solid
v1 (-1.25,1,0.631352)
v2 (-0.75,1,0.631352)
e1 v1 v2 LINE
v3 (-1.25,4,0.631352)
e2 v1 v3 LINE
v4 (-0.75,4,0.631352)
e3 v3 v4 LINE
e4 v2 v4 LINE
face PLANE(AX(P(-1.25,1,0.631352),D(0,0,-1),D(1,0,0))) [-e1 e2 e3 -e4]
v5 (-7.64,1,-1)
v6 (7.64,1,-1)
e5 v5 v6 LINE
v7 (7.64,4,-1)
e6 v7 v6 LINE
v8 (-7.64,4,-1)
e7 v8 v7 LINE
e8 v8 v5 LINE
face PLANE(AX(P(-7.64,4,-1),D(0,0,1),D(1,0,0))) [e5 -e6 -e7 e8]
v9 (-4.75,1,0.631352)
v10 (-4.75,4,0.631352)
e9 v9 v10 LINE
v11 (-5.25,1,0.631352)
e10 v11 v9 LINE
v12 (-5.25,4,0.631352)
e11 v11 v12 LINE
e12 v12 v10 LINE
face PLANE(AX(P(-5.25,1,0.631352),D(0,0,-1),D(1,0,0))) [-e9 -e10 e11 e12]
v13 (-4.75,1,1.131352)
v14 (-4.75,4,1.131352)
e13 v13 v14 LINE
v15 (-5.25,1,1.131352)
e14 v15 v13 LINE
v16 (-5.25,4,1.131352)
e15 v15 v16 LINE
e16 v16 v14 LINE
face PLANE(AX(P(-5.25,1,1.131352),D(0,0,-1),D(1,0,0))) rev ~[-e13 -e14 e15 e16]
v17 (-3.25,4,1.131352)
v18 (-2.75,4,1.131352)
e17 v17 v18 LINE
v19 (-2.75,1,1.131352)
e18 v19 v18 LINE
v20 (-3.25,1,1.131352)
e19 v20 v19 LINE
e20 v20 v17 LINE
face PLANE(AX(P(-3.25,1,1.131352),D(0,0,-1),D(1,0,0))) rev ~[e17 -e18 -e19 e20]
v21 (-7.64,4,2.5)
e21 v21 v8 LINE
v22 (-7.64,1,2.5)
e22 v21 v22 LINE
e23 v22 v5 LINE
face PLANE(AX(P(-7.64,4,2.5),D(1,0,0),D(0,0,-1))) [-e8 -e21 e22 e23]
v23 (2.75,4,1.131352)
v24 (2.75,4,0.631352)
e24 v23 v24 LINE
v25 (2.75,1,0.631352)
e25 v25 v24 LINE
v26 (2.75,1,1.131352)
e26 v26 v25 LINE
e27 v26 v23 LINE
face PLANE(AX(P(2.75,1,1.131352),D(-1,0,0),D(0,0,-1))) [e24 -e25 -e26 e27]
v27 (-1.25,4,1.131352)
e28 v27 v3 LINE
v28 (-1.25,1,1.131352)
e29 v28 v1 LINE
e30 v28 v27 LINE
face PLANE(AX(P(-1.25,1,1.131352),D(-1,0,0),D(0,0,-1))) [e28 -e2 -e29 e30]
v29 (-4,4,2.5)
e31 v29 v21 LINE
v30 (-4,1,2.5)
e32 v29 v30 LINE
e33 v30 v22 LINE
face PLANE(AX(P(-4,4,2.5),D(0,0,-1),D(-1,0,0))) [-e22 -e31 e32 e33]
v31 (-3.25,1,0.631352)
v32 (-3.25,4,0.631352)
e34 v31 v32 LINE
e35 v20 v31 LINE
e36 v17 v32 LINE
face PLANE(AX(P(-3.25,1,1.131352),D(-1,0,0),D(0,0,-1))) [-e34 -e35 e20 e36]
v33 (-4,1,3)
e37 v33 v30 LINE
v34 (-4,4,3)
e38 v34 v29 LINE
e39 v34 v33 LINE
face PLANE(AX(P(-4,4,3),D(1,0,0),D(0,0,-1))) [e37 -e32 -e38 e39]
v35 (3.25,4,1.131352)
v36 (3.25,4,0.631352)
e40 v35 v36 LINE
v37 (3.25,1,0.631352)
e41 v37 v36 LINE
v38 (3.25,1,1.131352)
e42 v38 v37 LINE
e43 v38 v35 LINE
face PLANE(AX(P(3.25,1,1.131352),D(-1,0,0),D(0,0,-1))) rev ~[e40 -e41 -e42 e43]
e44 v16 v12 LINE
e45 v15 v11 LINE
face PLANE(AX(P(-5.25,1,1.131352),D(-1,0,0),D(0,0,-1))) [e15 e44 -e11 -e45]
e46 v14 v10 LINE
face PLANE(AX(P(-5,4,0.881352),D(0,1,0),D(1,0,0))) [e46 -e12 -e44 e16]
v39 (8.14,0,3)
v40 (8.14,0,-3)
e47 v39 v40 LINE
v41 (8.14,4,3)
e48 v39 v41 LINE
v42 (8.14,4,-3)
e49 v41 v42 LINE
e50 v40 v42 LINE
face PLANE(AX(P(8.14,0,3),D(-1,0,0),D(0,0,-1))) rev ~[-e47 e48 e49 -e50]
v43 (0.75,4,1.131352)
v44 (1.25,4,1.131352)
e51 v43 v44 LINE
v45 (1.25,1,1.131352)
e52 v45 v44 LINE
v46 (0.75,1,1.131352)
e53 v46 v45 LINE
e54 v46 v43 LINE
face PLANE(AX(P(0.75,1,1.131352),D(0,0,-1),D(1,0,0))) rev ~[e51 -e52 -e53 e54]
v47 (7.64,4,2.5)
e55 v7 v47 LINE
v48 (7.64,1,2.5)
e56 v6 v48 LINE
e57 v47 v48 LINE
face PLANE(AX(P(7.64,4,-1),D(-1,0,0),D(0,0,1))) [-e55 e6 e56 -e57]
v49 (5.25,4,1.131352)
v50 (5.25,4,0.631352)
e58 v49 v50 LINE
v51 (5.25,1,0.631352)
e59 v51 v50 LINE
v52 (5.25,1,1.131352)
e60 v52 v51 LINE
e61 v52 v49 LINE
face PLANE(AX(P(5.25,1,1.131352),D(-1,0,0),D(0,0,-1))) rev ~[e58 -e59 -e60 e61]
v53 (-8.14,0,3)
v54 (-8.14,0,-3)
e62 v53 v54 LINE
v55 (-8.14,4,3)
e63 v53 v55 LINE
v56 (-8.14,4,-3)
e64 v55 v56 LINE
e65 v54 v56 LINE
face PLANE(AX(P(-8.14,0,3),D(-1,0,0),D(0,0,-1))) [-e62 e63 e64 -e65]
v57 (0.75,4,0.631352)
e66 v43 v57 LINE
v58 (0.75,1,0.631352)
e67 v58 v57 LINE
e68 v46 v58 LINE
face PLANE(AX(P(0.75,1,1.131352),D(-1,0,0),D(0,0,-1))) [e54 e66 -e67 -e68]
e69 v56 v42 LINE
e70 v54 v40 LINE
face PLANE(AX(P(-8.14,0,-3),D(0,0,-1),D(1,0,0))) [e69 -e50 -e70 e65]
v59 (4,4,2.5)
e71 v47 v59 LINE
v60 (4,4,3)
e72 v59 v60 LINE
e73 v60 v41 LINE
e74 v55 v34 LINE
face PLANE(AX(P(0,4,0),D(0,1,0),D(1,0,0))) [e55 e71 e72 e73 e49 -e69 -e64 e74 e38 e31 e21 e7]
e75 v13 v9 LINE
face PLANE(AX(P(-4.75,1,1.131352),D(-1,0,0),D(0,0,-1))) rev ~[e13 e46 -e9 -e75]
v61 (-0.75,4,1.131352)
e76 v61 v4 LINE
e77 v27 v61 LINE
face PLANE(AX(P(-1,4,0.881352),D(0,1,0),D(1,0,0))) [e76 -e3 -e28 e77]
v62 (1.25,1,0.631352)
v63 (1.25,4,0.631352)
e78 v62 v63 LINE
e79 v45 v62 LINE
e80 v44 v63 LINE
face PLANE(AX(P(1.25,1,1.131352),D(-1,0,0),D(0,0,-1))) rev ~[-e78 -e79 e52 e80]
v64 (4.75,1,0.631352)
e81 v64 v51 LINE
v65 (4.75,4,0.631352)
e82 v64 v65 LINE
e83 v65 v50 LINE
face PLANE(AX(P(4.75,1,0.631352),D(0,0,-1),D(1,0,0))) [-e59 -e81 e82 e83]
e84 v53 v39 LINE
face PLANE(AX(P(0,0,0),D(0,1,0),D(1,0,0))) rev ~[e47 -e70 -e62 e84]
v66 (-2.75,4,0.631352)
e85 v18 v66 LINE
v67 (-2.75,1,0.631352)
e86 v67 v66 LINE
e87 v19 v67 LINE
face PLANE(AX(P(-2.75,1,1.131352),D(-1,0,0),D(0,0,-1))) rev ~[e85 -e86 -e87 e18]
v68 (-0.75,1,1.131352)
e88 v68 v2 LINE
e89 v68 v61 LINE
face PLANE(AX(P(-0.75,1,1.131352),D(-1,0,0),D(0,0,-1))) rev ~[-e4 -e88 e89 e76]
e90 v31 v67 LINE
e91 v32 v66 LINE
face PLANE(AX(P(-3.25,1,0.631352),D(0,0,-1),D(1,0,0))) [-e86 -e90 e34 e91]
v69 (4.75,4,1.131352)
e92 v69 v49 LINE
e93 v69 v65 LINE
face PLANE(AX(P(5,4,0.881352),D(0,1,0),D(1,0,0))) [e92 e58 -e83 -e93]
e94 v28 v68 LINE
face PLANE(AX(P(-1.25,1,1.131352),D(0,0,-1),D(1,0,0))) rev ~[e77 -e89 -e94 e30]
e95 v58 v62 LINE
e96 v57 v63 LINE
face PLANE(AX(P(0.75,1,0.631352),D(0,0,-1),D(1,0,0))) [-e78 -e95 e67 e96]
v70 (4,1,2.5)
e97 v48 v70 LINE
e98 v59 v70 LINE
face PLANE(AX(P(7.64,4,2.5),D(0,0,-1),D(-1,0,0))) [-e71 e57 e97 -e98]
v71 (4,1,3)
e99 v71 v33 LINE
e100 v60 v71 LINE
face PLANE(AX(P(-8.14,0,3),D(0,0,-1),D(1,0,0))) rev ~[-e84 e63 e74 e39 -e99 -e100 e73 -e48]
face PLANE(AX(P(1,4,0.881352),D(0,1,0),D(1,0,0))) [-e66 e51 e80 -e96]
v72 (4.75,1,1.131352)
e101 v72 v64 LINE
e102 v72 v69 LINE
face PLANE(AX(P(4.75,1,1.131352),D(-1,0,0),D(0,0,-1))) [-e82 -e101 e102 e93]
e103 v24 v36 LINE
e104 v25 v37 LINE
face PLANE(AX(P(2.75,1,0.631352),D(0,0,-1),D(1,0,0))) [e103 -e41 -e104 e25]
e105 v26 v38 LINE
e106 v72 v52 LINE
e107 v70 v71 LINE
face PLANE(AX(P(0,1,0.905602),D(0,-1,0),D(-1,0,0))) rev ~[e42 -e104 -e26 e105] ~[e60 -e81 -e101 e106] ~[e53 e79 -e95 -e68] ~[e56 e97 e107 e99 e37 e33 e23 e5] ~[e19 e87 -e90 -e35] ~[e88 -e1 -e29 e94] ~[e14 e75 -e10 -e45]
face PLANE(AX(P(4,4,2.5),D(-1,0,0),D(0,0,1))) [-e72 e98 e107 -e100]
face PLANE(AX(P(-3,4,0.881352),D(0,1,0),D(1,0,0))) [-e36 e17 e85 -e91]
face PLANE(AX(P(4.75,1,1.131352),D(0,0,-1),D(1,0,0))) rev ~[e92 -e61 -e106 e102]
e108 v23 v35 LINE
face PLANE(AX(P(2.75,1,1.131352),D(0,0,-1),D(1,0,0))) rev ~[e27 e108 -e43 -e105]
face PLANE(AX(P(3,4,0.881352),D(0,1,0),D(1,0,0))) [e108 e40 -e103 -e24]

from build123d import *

# Parameters (mm, degrees)
SKETCH1_W           = 16.28
SKETCH1_H           = 6
BOSS_EXTRUDE1_DEPTH = 4
CUT_EXTRUDE1_DEPTH  = 3
SKETCH4_W           = 0.5
SKETCH4_H           = 0.5
BOSS_EXTRUDE2_DEPTH = 3


with BuildPart() as part:
    # Sketch1 → Boss-Extrude1 (new body)
    with BuildSketch(Plane(origin=(0, 0, 0), x_dir=(1, 0, 0), z_dir=(0, 1, 0))):
        Rectangle(SKETCH1_W, SKETCH1_H)
    extrude(amount=BOSS_EXTRUDE1_DEPTH)

    # Sketch2 → Cut-Extrude1 (cut)
    with BuildSketch(Plane(origin=(0, 4, 0), x_dir=(1, 0, 0), z_dir=(0, 1, 0))):
        Polygon((-7.64, -2.5), (-7.64, 1), (7.64, 1), (7.64, -2.5), (4, -2.5), (4, -3), (-4, -3), (-4, -2.5), align=None)
    extrude(amount=-CUT_EXTRUDE1_DEPTH, mode=Mode.SUBTRACT)

    # Sketch4 → Boss-Extrude2 (add)
    with BuildSketch(Plane(origin=(0, 1, 0), x_dir=(1, 0, 0), z_dir=(0, 1, 0))):
        with Locations((-3, -0.881352283)):
            Rectangle(SKETCH4_W, SKETCH4_H)
        with Locations((-5, -0.881352283)):
            Rectangle(SKETCH4_W, SKETCH4_H)
        with Locations((-1, -0.881352283)):
            Rectangle(SKETCH4_W, SKETCH4_H)
        with Locations((1, -0.881352283)):
            Rectangle(SKETCH4_W, SKETCH4_H)
        with Locations((3, -0.881352283)):
            Rectangle(SKETCH4_W, SKETCH4_H)
        with Locations((5, -0.881352283)):
            Rectangle(SKETCH4_W, SKETCH4_H)
    extrude(amount=BOSS_EXTRUDE2_DEPTH)


solid = part.part
